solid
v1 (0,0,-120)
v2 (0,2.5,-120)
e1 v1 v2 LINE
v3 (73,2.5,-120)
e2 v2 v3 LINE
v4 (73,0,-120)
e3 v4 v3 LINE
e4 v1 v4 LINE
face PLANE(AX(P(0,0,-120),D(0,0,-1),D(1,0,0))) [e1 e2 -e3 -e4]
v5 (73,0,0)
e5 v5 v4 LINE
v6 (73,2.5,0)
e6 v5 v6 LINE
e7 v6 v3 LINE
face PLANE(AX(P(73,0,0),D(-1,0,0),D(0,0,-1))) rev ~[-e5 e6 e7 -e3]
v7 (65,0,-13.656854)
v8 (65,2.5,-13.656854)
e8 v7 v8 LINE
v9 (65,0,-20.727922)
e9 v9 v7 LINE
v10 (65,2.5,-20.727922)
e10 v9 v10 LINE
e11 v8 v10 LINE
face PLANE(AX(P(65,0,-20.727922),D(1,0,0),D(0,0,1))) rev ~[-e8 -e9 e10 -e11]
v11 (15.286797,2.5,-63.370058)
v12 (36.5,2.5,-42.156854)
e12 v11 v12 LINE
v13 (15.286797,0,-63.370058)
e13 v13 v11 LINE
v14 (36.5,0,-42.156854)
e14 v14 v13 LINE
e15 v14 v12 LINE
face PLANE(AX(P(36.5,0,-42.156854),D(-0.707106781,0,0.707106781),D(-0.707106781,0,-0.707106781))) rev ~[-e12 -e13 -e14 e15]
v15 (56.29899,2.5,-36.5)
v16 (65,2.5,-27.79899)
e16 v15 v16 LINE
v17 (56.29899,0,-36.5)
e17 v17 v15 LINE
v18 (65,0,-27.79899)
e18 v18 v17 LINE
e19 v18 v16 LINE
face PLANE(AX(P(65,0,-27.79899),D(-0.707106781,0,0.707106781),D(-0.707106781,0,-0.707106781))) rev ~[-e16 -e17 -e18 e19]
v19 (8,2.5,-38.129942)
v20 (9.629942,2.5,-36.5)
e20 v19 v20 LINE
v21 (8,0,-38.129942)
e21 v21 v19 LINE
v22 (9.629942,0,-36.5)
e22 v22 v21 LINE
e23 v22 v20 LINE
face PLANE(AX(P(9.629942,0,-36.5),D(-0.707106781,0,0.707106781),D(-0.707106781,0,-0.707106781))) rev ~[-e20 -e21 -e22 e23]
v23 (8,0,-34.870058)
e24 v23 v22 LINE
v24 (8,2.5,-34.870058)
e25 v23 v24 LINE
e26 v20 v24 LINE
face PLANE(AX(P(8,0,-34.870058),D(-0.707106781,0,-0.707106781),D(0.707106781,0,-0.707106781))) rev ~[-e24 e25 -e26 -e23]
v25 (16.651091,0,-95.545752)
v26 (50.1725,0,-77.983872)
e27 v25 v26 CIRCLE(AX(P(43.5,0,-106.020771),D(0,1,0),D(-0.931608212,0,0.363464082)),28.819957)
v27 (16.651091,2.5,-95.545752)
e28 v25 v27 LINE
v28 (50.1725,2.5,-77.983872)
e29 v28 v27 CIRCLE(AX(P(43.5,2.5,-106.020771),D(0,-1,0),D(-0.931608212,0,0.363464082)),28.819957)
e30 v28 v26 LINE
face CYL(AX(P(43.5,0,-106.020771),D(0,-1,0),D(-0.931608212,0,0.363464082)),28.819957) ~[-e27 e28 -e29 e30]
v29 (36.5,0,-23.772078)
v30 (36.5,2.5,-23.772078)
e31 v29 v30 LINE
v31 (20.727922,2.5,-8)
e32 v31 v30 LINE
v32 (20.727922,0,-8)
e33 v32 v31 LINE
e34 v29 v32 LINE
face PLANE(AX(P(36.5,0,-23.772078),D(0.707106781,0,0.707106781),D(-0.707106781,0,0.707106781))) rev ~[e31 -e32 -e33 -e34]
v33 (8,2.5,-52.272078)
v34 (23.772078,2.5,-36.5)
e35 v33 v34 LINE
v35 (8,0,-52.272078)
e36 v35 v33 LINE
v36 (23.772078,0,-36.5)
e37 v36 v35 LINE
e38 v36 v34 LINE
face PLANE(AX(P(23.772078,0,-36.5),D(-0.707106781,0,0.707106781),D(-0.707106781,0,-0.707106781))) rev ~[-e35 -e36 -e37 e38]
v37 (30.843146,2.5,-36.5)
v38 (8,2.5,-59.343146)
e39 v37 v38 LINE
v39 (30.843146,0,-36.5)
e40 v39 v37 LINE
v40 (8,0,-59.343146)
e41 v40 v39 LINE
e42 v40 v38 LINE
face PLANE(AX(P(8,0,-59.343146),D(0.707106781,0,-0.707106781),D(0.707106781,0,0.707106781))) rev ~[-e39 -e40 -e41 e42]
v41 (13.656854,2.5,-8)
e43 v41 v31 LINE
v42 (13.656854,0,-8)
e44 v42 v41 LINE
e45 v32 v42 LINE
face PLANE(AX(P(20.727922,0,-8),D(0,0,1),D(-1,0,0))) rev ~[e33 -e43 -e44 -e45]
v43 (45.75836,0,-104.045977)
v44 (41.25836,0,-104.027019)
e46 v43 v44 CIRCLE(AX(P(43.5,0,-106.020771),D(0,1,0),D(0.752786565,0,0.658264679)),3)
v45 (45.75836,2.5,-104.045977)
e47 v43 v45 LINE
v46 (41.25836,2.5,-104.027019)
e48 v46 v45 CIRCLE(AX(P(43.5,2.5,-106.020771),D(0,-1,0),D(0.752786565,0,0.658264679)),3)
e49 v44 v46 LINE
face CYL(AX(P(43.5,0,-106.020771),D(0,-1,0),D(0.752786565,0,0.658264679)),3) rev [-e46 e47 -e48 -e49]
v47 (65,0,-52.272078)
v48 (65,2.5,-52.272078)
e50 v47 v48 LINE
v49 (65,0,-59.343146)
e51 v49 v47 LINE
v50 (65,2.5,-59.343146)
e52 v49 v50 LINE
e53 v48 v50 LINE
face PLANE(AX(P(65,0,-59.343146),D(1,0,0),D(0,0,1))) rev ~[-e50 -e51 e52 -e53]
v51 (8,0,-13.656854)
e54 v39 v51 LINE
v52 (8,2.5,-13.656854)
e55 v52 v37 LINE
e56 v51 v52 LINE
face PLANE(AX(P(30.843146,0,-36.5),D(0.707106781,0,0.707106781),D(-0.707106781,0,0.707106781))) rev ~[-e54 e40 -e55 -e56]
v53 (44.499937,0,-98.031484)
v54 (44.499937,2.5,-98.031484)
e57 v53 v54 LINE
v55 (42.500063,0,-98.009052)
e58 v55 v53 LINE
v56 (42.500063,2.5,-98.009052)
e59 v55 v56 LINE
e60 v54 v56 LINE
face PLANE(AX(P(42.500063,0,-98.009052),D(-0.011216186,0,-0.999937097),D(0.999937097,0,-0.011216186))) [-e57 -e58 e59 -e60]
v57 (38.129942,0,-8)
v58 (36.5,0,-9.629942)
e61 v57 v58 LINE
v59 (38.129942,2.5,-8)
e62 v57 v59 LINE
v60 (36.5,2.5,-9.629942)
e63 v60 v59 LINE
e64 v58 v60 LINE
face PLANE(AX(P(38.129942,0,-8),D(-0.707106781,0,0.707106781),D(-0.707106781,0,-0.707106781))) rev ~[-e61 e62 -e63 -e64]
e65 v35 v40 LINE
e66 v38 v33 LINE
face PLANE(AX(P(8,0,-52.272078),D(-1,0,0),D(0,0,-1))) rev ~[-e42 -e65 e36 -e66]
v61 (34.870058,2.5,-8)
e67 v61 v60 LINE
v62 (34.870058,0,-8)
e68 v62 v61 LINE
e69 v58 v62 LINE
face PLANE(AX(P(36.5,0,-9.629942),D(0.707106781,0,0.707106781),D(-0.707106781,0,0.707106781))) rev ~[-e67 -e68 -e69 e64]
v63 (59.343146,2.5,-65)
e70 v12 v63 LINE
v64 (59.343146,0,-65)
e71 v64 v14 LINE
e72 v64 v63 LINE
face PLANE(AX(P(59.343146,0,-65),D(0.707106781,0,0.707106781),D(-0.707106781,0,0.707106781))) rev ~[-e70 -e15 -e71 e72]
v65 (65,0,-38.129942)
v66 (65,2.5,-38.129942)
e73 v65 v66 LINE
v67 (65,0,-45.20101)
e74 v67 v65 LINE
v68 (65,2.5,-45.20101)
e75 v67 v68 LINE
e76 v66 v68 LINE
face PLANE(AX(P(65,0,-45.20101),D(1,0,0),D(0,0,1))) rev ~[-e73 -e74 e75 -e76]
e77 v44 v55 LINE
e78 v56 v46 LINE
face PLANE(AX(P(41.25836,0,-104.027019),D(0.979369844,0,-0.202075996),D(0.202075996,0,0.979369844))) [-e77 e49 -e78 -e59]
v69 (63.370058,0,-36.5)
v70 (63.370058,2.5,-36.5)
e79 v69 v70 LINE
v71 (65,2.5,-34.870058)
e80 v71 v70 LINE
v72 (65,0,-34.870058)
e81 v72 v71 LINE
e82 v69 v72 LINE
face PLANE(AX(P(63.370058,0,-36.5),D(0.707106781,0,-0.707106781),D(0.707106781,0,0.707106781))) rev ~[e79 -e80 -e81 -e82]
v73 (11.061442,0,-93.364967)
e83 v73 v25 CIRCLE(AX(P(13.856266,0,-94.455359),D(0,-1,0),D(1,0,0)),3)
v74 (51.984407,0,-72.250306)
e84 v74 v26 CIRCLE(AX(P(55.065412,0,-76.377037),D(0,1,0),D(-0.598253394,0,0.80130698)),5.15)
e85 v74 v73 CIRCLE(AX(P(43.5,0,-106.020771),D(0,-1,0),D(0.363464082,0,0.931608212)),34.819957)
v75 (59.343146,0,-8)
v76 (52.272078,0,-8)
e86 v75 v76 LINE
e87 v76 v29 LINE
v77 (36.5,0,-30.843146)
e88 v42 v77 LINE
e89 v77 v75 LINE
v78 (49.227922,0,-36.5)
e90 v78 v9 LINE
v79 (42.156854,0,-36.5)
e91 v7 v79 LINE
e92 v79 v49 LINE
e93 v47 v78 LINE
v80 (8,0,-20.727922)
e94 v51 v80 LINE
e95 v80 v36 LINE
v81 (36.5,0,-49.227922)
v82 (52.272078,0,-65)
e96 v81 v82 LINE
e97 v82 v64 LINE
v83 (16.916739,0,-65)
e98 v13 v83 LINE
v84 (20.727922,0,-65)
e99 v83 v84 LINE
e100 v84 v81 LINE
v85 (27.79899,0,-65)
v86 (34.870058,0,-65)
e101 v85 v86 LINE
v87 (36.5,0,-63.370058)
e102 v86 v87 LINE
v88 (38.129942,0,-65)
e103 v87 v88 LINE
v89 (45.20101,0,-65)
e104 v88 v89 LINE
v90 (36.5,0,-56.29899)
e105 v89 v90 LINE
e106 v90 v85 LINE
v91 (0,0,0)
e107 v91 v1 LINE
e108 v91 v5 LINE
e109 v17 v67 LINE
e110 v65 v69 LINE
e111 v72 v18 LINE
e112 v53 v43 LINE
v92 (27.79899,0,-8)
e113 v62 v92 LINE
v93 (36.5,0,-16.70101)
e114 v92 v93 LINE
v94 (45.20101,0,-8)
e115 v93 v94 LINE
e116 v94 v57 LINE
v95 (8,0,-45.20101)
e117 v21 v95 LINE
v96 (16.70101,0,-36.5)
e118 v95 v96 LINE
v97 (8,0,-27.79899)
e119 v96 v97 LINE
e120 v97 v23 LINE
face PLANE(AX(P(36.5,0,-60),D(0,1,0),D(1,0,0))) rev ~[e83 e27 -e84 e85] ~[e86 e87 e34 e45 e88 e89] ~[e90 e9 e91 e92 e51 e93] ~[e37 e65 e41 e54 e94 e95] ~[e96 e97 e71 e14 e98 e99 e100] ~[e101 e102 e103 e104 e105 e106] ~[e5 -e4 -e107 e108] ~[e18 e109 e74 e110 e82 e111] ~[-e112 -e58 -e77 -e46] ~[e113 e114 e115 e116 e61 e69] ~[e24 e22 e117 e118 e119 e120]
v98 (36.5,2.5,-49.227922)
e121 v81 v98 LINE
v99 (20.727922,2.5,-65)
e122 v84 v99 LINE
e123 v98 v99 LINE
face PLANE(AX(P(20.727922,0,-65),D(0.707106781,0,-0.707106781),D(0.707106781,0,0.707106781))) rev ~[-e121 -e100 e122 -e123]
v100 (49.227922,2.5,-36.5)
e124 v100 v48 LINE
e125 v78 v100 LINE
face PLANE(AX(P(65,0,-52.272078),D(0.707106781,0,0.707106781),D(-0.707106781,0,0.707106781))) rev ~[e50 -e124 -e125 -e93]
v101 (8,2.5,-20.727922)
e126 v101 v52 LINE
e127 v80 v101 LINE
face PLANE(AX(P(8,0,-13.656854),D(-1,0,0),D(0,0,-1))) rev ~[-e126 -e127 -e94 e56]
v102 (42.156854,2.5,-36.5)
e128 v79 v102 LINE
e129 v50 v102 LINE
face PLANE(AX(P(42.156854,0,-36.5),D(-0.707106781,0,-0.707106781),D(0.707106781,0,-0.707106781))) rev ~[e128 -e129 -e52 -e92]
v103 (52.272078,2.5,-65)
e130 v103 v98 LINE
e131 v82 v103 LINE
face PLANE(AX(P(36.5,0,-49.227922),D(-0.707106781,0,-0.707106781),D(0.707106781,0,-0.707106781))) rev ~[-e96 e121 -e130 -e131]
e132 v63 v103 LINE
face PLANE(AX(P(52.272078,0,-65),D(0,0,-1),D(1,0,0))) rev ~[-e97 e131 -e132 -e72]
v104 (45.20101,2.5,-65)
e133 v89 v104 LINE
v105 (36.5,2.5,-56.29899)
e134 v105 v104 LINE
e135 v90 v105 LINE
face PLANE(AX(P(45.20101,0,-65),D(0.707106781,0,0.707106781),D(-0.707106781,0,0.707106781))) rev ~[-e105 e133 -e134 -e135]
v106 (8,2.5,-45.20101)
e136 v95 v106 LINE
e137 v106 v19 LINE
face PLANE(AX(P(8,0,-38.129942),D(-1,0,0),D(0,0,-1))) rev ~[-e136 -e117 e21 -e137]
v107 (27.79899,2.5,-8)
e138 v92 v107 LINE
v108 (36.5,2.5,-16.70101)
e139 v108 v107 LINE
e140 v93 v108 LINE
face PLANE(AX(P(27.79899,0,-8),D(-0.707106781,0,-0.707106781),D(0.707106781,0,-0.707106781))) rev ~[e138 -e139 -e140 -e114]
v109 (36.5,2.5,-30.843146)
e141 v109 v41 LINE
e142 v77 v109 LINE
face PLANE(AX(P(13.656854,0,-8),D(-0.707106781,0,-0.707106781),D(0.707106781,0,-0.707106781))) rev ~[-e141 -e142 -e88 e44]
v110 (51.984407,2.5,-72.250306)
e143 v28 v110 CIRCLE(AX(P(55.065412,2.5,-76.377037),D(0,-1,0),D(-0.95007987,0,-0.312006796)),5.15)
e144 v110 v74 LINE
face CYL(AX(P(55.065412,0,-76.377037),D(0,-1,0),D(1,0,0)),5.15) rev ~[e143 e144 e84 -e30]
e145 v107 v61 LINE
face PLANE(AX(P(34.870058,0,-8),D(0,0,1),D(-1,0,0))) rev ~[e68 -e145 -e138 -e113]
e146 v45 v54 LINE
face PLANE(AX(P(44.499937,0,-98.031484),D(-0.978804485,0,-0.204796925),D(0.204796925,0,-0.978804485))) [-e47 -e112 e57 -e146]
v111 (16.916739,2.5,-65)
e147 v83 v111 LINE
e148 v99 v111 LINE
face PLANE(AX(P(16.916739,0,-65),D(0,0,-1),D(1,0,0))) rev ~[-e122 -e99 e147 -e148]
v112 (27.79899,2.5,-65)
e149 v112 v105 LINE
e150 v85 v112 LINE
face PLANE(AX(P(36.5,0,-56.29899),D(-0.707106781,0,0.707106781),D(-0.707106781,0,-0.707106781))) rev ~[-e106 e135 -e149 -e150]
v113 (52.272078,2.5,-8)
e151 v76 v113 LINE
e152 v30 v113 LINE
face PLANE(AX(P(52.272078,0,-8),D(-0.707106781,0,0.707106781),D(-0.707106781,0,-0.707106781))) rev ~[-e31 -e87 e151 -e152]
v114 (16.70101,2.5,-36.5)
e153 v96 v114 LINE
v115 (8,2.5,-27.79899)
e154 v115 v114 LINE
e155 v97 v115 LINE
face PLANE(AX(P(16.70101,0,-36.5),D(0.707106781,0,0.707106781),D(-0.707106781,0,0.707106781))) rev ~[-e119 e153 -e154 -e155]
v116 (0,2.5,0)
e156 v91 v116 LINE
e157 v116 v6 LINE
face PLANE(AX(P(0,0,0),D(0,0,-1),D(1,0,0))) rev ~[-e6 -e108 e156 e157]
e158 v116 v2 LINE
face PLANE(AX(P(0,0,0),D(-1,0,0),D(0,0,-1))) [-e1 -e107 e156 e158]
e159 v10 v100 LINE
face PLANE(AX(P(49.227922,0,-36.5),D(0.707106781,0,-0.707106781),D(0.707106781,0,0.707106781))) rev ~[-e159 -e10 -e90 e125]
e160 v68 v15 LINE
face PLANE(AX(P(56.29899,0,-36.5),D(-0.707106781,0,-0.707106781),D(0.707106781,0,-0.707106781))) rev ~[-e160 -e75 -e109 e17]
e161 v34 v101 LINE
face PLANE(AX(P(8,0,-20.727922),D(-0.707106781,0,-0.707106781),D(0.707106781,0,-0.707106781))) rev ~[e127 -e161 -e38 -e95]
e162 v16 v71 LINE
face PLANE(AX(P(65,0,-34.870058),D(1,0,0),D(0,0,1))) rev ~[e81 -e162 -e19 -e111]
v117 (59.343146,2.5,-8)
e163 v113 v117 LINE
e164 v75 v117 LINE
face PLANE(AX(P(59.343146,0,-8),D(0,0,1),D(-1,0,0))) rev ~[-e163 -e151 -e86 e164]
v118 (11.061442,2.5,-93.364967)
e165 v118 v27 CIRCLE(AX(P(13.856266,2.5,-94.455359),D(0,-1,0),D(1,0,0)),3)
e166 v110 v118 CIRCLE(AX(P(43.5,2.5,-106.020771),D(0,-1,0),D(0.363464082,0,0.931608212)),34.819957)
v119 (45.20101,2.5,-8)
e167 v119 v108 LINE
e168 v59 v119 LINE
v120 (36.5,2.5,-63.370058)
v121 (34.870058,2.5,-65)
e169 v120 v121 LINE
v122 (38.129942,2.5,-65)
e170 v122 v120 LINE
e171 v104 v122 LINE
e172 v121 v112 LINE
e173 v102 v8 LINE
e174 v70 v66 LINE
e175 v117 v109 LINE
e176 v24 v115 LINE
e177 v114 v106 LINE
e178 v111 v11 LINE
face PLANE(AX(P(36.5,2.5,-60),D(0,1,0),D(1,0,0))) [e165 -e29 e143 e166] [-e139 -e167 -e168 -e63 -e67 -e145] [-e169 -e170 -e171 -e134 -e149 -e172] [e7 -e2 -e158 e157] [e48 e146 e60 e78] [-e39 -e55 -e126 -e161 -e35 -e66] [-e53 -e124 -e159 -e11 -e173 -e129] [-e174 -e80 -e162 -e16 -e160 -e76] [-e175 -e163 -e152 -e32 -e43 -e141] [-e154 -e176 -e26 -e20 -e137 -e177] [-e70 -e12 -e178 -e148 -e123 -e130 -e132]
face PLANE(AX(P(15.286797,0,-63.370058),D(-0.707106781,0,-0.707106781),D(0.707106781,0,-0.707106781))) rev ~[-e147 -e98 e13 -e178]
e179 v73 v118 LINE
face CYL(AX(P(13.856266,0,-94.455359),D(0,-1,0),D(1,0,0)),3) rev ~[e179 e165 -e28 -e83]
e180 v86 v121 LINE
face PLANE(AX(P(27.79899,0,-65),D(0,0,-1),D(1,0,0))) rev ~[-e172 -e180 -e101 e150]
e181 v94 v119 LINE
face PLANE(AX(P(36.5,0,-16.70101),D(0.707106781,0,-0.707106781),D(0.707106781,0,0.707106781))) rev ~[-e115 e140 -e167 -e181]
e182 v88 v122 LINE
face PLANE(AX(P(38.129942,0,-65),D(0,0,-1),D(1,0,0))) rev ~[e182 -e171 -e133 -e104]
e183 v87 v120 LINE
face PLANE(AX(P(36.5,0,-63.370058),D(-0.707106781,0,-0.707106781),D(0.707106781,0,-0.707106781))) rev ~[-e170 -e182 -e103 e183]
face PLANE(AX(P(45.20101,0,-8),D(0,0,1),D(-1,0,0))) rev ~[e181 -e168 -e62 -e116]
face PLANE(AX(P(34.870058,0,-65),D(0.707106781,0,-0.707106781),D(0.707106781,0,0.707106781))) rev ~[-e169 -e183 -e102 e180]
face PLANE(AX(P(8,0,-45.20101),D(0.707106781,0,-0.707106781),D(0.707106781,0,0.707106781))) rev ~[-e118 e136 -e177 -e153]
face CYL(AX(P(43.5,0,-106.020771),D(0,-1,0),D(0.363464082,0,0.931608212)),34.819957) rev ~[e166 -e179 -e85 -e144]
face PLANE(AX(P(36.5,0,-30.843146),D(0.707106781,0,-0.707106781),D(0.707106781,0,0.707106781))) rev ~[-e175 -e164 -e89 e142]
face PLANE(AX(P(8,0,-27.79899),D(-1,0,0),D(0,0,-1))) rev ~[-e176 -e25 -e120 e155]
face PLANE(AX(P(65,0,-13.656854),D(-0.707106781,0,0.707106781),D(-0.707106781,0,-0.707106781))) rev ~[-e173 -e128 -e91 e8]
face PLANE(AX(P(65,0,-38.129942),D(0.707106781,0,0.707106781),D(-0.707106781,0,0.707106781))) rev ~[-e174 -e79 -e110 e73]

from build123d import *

# Parameters (mm, degrees)
IZIM1_W                     = 73
IZIM1_H                     = 120
Y_KSEKLIK_EKSTR_ZYON1_DEPTH = 2.5
KES_EKSTR_ZYON2_DEPTH       = 3.5
IZIM5_R                     = 3
KES_EKSTR_ZYON3_DEPTH       = 3.5
IZIM6_R                     = 5.15
KES_EKSTR_ZYON4_DEPTH       = 3.5
KES_EKSTR_ZYON5_DEPTH       = 3.5


with BuildPart() as part:
    # Çizim1 → Yükseklik-Ekstrüzyon1 (new body)
    with BuildSketch(Plane(origin=(0, 0, 0), x_dir=(1, 0, 0), z_dir=(0, 1, 0))):
        with Locations((36.5, 60)):
            Rectangle(IZIM1_W, IZIM1_H)
    extrude(amount=Y_KSEKLIK_EKSTR_ZYON1_DEPTH)

    # Çizim4 → Kes-Ekstrüzyon2 (cut, through all)
    with BuildSketch(Plane.XZ):
        with BuildLine():
            Line((41.258359694, -104.027018589), (42.500062903, -98.009051571))
            Line((42.500062903, -98.009051571), (44.499937097, -98.031483944))
            Line((44.499937097, -98.031483944), (45.758359694, -104.045976978))
            ThreePointArc((45.758359694, -104.045976978), (43.487361186, -109.020744393), (41.258359694, -104.027018589))
        make_face()
    extrude(amount=-KES_EKSTR_ZYON2_DEPTH, mode=Mode.SUBTRACT)

    # Çizim5 → Kes-Ekstrüzyon3 (cut, through all)
    with BuildSketch(Plane.XZ):
        with Locations((13.856266363, -94.455359404)):
            Circle(IZIM5_R)
        with BuildLine():
            ThreePointArc((53.975019366, -79.171862015), (52.270586975, -75.286645133), (56.155803858, -73.582212742))
            ThreePointArc((56.155803858, -73.582212742), (29.511480202, -74.134241759), (11.061441726, -93.364967158))
            ThreePointArc((11.061441726, -93.364967158), (14.411030317, -91.507099417), (16.856266363, -94.455359404))
            ThreePointArc((16.856266363, -94.455359404), (16.804526351, -95.010123359), (16.651091, -95.54575165))
            ThreePointArc((16.651091, -95.54575165), (31.921911605, -79.628768168), (53.975019366, -79.171862015))
        make_face()
        with Locations((55.065411612, -76.377037379)):
            Circle(IZIM5_R)
    extrude(amount=-KES_EKSTR_ZYON3_DEPTH, mode=Mode.SUBTRACT)

    # Çizim6 → Kes-Ekstrüzyon4 (cut, through all)
    with BuildSketch(Plane.XZ):
        with Locations((55.065411612, -76.377037379)):
            Circle(IZIM6_R)
    extrude(amount=-KES_EKSTR_ZYON4_DEPTH, mode=Mode.SUBTRACT)

    # Çizim7 → Kes-Ekstrüzyon5 (cut, through all)
    with BuildSketch(Plane.XZ):
        Polygon((16.916738879, -65), (20.727922061, -65), (22.357864376, -63.370057685), (18.82233047, -59.834523779), (15.286796564, -63.370057685), align=None)
        Polygon((22.357864376, -63.370057685), (25.893398282, -59.834523779), (22.357864376, -56.298989873), (18.82233047, -59.834523779), align=None)
        Polygon((25.893398282, -59.834523779), (29.428932188, -56.298989873), (25.893398282, -52.763455967), (22.357864376, -56.298989873), align=None)
        Polygon((29.428932188, -56.298989873), (32.964466094, -52.763455967), (29.428932188, -49.227922061), (25.893398282, -52.763455967), align=None)
        Polygon((32.964466094, -52.763455967), (36.5, -49.227922061), (32.964466094, -45.692388155), (29.428932188, -49.227922061), align=None)
        Polygon((36.5, -49.227922061), (40.035533906, -45.692388155), (36.5, -42.156854249), (32.964466094, -45.692388155), align=None)
        Polygon((40.035533906, -52.763455967), (43.571067812, -49.227922061), (40.035533906, -45.692388155), (36.5, -49.227922061), align=None)
        Polygon((43.571067812, -56.298989873), (47.106601718, -52.763455967), (43.571067812, -49.227922061), (40.035533906, -52.763455967), align=None)
        Polygon((47.106601718, -59.834523779), (50.642135624, -56.298989873), (47.106601718, -52.763455967), (43.571067812, -56.298989873), align=None)
        Polygon((50.642135624, -63.370057685), (54.17766953, -59.834523779), (50.642135624, -56.298989873), (47.106601718, -59.834523779), align=None)
        Polygon((52.272077939, -65), (56.083261121, -65), (57.713203436, -63.370057685), (54.17766953, -59.834523779), (50.642135624, -63.370057685), align=None)
        Polygon((56.083261121, -65), (59.343145751, -65), (57.713203436, -63.370057685), align=None)
        Polygon((41.941125497, -65), (45.201010127, -65), (43.571067812, -63.370057685), align=None)
        Polygon((38.129942315, -65), (41.941125497, -65), (43.571067812, -63.370057685), (40.035533906, -59.834523779), (36.5, -63.370057685), align=None)
        Polygon((36.5, -63.370057685), (40.035533906, -59.834523779), (36.5, -56.298989873), (32.964466094, -59.834523779), align=None)
        Polygon((31.058874503, -65), (34.870057685, -65), (36.5, -63.370057685), (32.964466094, -59.834523779), (29.428932188, -63.370057685), align=None)
        Polygon((27.798989873, -65), (31.058874503, -65), (29.428932188, -63.370057685), align=None)
        Polygon((8, -52.272077939), (8, -59.343145751), (13.165476221, -54.17766953), (9.629942315, -50.642135624), align=None)
        Polygon((9.629942315, -50.642135624), (13.165476221, -54.17766953), (16.701010127, -50.642135624), (13.165476221, -47.106601718), align=None)
        Polygon((13.165476221, -47.106601718), (16.701010127, -50.642135624), (20.236544033, -47.106601718), (16.701010127, -43.571067812), align=None)
        Polygon((16.701010127, -43.571067812), (20.236544033, -47.106601718), (23.772077939, -43.571067812), (20.236544033, -40.035533906), align=None)
        Polygon((20.236544033, -40.035533906), (23.772077939, -43.571067812), (27.307611845, -40.035533906), (23.772077939, -36.5), align=None)
        Polygon((23.772077939, -36.5), (27.307611845, -40.035533906), (30.843145751, -36.5), (27.307611845, -32.964466094), align=None)
        Polygon((20.236544033, -32.964466094), (23.772077939, -36.5), (27.307611845, -32.964466094), (23.772077939, -29.428932188), align=None)
        Polygon((16.701010127, -29.428932188), (20.236544033, -32.964466094), (23.772077939, -29.428932188), (20.236544033, -25.893398282), align=None)
        Polygon((13.165476221, -25.893398282), (16.701010127, -29.428932188), (20.236544033, -25.893398282), (16.701010127, -22.357864376), align=None)
        Polygon((9.629942315, -22.357864376), (13.165476221, -25.893398282), (16.701010127, -22.357864376), (13.165476221, -18.82233047), align=None)
        Polygon((8, -16.916738879), (8, -20.727922061), (9.629942315, -22.357864376), (13.165476221, -18.82233047), (9.629942315, -15.286796564), align=None)
        Polygon((8, -13.656854249), (8, -16.916738879), (9.629942315, -15.286796564), align=None)
        Polygon((8, -41.941125497), (8, -45.201010127), (9.629942315, -43.571067812), align=None)
        Polygon((8, -38.129942315), (8, -41.941125497), (9.629942315, -43.571067812), (13.165476221, -40.035533906), (9.629942315, -36.5), align=None)
        Polygon((9.629942315, -36.5), (13.165476221, -40.035533906), (16.701010127, -36.5), (13.165476221, -32.964466094), align=None)
        Polygon((8, -31.058874503), (8, -34.870057685), (9.629942315, -36.5), (13.165476221, -32.964466094), (9.629942315, -29.428932188), align=None)
        Polygon((8, -27.798989873), (8, -31.058874503), (9.629942315, -29.428932188), align=None)
        Polygon((63.370057685, -57.713203436), (65, -59.343145751), (65, -56.083261121), align=None)
        Polygon((63.370057685, -57.713203436), (65, -56.083261121), (65, -52.272077939), (63.370057685, -50.642135624), (59.834523779, -54.17766953), align=None)
        Polygon((56.298989873, -50.642135624), (59.834523779, -54.17766953), (63.370057685, -50.642135624), (59.834523779, -47.106601718), align=None)
        Polygon((52.763455967, -47.106601718), (56.298989873, -50.642135624), (59.834523779, -47.106601718), (56.298989873, -43.571067812), align=None)
        Polygon((49.227922061, -43.571067812), (52.763455967, -47.106601718), (56.298989873, -43.571067812), (52.763455967, -40.035533906), align=None)
        Polygon((45.692388155, -40.035533906), (49.227922061, -43.571067812), (52.763455967, -40.035533906), (49.227922061, -36.5), align=None)
        Polygon((42.156854249, -36.5), (45.692388155, -40.035533906), (49.227922061, -36.5), (45.692388155, -32.964466094), align=None)
        Polygon((45.692388155, -32.964466094), (49.227922061, -36.5), (52.763455967, -32.964466094), (49.227922061, -29.428932188), align=None)
        Polygon((49.227922061, -29.428932188), (52.763455967, -32.964466094), (56.298989873, -29.428932188), (52.763455967, -25.893398282), align=None)
        Polygon((52.763455967, -25.893398282), (56.298989873, -29.428932188), (59.834523779, -25.893398282), (56.298989873, -22.357864376), align=None)
        Polygon((56.298989873, -22.357864376), (59.834523779, -25.893398282), (63.370057685, -22.357864376), (59.834523779, -18.82233047), align=None)
        Polygon((63.370057685, -22.357864376), (65, -20.727922061), (65, -13.656854249), (59.834523779, -18.82233047), align=None)
        Polygon((56.298989873, -36.5), (59.834523779, -40.035533906), (63.370057685, -36.5), (59.834523779, -32.964466094), align=None)
        Polygon((63.370057685, -43.571067812), (65, -41.941125497), (65, -38.129942315), (63.370057685, -36.5), (59.834523779, -40.035533906), align=None)
        Polygon((63.370057685, -36.5), (65, -34.870057685), (65, -31.058874503), (63.370057685, -29.428932188), (59.834523779, -32.964466094), align=None)
        Polygon((63.370057685, -29.428932188), (65, -31.058874503), (65, -27.798989873), align=None)
        Polygon((63.370057685, -43.571067812), (65, -45.201010127), (65, -41.941125497), align=None)
        Polygon((22.357864376, -9.629942315), (20.727922061, -8), (13.656854249, -8), (18.82233047, -13.165476221), align=None)
        Polygon((22.357864376, -16.701010127), (25.893398282, -13.165476221), (22.357864376, -9.629942315), (18.82233047, -13.165476221), align=None)
        Polygon((25.893398282, -20.236544033), (29.428932188, -16.701010127), (25.893398282, -13.165476221), (22.357864376, -16.701010127), align=None)
        Polygon((29.428932188, -23.772077939), (32.964466094, -20.236544033), (29.428932188, -16.701010127), (25.893398282, -20.236544033), align=None)
        Polygon((32.964466094, -27.307611845), (36.5, -23.772077939), (32.964466094, -20.236544033), (29.428932188, -23.772077939), align=None)
        Polygon((40.035533906, -27.307611845), (43.571067812, -23.772077939), (40.035533906, -20.236544033), (36.5, -23.772077939), align=None)
        Polygon((43.571067812, -23.772077939), (47.106601718, -20.236544033), (43.571067812, -16.701010127), (40.035533906, -20.236544033), align=None)
        Polygon((47.106601718, -20.236544033), (50.642135624, -16.701010127), (47.106601718, -13.165476221), (43.571067812, -16.701010127), align=None)
        Polygon((50.642135624, -16.701010127), (54.17766953, -13.165476221), (50.642135624, -9.629942315), (47.106601718, -13.165476221), align=None)
        Polygon((57.713203436, -9.629942315), (56.083261121, -8), (52.272077939, -8), (50.642135624, -9.629942315), (54.17766953, -13.165476221), align=None)
        Polygon((43.571067812, -9.629942315), (41.941125497, -8), (38.129942315, -8), (36.5, -9.629942315), (40.035533906, -13.165476221), align=None)
        Polygon((36.5, -16.701010127), (40.035533906, -13.165476221), (36.5, -9.629942315), (32.964466094, -13.165476221), align=None)
        Polygon((36.5, -9.629942315), (34.870057685, -8), (31.058874503, -8), (29.428932188, -9.629942315), (32.964466094, -13.165476221), align=None)
        Polygon((57.713203436, -9.629942315), (59.343145751, -8), (56.083261121, -8), align=None)
        Polygon((29.428932188, -9.629942315), (31.058874503, -8), (27.798989873, -8), align=None)
        Polygon((36.5, -30.843145751), (40.035533906, -27.307611845), (36.5, -23.772077939), (32.964466094, -27.307611845), align=None)
        Polygon((43.571067812, -9.629942315), (45.201010127, -8), (41.941125497, -8), align=None)
    extrude(amount=-KES_EKSTR_ZYON5_DEPTH, mode=Mode.SUBTRACT)


solid = part.part
